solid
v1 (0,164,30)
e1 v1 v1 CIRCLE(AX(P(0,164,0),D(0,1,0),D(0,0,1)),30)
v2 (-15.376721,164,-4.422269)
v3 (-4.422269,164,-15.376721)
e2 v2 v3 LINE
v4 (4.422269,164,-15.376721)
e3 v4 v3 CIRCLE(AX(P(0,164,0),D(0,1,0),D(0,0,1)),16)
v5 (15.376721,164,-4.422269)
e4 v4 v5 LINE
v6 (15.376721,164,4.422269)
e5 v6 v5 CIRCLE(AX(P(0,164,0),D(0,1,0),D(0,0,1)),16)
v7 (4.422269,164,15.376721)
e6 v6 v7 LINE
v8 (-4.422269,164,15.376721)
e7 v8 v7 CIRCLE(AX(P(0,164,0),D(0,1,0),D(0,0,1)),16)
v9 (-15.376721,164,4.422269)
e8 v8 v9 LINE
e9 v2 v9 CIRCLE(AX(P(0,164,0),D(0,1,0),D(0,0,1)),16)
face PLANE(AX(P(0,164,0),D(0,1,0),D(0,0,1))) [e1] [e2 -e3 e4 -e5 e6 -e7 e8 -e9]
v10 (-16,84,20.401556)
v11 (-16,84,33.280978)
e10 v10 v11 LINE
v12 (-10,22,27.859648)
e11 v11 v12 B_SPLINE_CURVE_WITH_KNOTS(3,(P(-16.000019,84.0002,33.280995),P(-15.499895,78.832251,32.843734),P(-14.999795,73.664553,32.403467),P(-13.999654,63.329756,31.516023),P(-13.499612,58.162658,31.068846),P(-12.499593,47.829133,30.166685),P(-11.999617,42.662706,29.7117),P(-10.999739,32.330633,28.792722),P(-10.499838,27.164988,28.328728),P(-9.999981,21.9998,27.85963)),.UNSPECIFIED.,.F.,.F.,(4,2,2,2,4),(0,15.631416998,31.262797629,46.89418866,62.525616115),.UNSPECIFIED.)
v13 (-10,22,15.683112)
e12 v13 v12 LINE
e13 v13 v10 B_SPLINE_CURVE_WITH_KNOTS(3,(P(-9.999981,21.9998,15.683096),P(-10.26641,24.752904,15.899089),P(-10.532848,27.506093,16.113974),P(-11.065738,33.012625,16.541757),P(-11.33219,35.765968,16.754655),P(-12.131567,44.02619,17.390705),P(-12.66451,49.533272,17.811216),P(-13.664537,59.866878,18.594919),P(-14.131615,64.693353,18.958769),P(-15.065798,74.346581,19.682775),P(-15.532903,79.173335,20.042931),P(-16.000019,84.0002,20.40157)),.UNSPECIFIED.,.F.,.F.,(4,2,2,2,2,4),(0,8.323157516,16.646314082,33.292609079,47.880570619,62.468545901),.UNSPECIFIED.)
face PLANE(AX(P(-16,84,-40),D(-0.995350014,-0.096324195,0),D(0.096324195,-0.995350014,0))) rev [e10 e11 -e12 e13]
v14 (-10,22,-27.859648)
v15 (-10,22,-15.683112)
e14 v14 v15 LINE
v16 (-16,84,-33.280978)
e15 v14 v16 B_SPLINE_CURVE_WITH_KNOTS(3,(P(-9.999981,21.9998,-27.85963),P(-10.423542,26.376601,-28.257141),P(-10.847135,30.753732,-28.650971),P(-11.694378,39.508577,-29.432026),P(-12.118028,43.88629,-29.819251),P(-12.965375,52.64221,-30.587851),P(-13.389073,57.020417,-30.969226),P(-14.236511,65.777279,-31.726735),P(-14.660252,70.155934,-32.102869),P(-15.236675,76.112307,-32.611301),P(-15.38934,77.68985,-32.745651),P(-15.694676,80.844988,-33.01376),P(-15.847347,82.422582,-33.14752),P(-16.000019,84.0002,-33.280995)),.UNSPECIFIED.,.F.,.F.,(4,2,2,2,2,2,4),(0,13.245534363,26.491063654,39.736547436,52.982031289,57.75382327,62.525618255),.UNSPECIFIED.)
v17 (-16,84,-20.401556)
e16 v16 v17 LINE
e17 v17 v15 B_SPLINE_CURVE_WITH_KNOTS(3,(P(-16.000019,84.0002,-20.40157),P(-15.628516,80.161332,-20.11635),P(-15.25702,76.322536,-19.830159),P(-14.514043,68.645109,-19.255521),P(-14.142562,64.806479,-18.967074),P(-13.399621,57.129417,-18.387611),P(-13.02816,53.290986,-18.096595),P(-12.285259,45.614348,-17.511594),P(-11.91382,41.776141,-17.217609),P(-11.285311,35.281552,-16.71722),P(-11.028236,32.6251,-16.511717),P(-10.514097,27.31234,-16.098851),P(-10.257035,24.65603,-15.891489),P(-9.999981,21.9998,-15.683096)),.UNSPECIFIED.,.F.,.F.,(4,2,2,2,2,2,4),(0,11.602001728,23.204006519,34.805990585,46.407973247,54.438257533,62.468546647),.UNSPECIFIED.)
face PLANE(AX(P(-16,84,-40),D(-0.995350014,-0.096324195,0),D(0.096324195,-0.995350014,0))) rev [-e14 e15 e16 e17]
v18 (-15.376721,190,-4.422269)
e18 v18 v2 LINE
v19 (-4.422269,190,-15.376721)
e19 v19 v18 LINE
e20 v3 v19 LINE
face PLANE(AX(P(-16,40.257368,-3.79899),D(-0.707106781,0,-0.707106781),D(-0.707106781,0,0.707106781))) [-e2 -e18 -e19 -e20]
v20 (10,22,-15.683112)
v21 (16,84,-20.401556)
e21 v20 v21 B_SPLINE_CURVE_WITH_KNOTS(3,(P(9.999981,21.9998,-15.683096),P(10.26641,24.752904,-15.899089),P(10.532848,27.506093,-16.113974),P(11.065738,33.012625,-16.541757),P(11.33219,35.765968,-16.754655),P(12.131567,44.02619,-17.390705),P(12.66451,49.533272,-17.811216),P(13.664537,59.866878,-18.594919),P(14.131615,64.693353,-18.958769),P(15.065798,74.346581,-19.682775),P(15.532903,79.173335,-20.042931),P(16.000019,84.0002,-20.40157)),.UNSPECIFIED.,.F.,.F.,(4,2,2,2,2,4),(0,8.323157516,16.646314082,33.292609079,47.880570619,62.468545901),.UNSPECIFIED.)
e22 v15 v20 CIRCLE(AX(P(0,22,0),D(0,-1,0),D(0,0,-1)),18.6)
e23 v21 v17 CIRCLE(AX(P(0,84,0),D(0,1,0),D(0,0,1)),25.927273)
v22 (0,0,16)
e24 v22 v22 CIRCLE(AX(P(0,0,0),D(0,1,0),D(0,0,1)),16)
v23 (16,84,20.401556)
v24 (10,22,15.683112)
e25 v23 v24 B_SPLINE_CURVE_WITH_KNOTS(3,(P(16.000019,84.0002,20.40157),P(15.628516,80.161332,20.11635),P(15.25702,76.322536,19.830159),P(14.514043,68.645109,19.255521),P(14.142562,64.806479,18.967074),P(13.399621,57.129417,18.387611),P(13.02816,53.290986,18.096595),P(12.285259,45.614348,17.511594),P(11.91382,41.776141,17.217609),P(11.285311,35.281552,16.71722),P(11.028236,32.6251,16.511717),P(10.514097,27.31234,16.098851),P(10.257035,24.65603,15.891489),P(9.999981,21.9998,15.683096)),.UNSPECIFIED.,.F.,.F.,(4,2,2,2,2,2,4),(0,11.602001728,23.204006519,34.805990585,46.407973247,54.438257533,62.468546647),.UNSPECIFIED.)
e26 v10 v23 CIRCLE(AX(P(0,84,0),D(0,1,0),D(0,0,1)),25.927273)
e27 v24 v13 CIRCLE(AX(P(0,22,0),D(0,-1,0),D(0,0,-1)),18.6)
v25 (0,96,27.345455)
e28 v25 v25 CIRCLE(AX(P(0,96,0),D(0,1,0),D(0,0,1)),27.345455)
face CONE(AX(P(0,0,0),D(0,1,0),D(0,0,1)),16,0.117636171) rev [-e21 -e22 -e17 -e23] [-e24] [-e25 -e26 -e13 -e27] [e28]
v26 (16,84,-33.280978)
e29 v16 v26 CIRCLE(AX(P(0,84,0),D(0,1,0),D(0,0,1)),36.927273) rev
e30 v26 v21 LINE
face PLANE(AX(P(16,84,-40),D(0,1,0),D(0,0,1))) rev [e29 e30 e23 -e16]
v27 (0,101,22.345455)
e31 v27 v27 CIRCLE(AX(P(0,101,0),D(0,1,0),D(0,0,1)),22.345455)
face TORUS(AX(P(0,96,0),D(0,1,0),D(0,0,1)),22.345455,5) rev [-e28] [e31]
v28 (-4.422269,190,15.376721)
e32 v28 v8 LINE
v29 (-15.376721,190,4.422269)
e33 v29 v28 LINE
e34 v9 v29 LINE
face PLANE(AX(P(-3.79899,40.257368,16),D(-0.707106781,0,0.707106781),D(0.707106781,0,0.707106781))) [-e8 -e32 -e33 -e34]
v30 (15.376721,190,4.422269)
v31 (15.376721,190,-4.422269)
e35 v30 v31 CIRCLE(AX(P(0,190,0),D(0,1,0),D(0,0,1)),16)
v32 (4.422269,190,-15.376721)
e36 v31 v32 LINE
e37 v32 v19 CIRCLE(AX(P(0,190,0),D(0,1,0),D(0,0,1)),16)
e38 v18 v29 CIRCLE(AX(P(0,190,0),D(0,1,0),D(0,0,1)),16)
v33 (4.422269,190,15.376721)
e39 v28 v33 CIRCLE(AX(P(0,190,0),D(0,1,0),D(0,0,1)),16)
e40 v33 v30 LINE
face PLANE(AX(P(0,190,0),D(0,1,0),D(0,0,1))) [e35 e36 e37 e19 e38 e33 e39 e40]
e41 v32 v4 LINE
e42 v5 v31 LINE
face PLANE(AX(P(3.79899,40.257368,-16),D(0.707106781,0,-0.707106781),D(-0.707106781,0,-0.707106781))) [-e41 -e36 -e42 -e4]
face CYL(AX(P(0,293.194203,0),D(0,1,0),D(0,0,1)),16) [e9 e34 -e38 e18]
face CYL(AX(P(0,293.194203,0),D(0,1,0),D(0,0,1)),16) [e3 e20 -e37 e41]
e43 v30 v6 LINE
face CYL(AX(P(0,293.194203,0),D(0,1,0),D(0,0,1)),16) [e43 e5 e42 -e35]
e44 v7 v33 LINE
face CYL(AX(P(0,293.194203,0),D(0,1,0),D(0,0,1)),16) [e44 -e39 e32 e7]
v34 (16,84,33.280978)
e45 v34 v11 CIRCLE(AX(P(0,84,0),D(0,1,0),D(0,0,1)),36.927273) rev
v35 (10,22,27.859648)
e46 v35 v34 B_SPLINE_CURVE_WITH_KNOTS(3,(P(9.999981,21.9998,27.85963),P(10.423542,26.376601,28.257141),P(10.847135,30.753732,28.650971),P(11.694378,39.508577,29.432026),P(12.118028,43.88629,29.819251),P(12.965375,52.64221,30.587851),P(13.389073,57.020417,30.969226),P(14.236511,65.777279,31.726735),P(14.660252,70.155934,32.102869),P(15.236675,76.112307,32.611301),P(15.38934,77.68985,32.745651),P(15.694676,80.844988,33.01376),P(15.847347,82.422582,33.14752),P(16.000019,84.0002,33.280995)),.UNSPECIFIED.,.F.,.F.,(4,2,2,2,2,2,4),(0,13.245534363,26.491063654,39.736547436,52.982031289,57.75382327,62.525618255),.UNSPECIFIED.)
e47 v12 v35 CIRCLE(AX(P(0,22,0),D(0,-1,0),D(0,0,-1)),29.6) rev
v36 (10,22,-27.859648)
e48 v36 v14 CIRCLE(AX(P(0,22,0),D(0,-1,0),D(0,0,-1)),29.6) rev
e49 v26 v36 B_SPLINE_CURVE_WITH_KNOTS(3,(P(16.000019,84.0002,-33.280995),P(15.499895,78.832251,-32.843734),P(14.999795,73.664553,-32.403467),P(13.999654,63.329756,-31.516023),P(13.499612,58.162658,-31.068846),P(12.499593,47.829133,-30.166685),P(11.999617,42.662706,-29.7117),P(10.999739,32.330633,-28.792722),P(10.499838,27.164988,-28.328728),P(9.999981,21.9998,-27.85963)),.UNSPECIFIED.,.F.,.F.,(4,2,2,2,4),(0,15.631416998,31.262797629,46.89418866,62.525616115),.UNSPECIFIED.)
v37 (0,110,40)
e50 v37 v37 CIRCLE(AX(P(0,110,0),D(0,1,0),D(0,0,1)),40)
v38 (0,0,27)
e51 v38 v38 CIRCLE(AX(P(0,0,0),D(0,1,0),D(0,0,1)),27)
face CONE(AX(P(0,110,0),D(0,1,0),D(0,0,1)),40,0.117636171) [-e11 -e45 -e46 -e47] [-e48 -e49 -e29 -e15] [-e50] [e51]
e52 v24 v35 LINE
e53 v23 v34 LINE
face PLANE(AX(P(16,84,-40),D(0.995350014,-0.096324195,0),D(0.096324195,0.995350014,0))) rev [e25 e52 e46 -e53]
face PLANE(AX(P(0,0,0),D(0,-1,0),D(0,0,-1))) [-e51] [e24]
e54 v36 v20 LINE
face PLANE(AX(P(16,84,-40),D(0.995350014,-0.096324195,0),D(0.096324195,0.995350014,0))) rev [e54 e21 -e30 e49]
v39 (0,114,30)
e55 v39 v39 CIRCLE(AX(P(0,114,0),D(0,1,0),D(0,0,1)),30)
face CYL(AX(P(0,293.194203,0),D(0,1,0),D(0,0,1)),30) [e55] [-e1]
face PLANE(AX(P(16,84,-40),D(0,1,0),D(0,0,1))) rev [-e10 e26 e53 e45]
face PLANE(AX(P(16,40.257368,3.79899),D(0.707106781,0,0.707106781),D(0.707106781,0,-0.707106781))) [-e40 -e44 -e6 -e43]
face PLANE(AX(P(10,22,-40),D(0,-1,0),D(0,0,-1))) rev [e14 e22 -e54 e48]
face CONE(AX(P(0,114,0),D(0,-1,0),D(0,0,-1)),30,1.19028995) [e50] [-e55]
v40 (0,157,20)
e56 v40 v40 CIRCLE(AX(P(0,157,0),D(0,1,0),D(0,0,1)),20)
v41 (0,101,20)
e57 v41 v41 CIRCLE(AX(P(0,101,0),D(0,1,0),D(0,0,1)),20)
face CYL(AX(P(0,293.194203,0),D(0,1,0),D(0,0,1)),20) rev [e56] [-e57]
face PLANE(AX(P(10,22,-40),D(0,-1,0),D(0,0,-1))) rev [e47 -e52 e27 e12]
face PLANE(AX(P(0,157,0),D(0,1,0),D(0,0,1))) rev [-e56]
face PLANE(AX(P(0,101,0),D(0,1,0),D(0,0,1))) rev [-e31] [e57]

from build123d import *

# Parameters (mm, degrees)
CUT_EXTRUDE1_DEPTH      = 199.242276016
CUT_EXTRUDE1_DEPTH_BACK = 199.242276016
SKETCH4_OUTSIDE_W       = 126.226
SKETCH4_OUTSIDE_H       = 126.226
CUT_EXTRUDE2_DEPTH      = 26


with BuildPart() as part:
    # Sketch1 → Revolve1 (revolve)
    with BuildSketch(Plane.XY, mode=Mode.PRIVATE) as revolve1_sk:
        with BuildLine():
            ThreePointArc((27.345454545, 96), (25.880988451, 99.535533906), (22.345454545, 101))
            Line((22.345454545, 101), (20, 101))
            Line((20, 101), (20, 157))
            Line((20, 157), (0, 157))
            Line((0, 157), (0, 190))
            Line((0, 190), (16, 190))
            Line((16, 190), (16, 164))
            Line((16, 164), (30, 164))
            Line((30, 164), (30, 114))
            Line((30, 114), (40, 110))
            Line((40, 110), (27, 0))
            Line((27, 0), (16, 0))
            Line((16, 0), (27.345454545, 96))
        make_face()
    revolve(revolve1_sk.sketch.rotate(Axis((0, 293.194202694, 0), (0, -1, 0)), 90), axis=Axis((0, 293.194202694, 0), (0, -1, 0)))

    # Sketch3 → Cut-Extrude1 (cut, two sides: drawn at the far end of the back side and taken through both)
    with BuildSketch(Plane.XY.offset(-CUT_EXTRUDE1_DEPTH_BACK)):
        Polygon((16, 84), (-16, 84), (-10, 22), (10, 22), align=None)
    extrude(amount=CUT_EXTRUDE1_DEPTH + CUT_EXTRUDE1_DEPTH_BACK, mode=Mode.SUBTRACT)

    # Sketch4 outside → Cut-Extrude2 (cut)
    with BuildSketch(Plane(origin=(0, 190, 0), x_dir=(1, 0, 0), z_dir=(0, 1, 0))):
        Rectangle(SKETCH4_OUTSIDE_W, SKETCH4_OUTSIDE_H)
        Polygon((3.798989873, 16), (16, 3.798989873), (16, -3.798989873), (3.798989873, -16), (-3.798989873, -16), (-16, -3.798989873), (-16, 3.798989873), (-3.798989873, 16), align=None, mode=Mode.SUBTRACT)
    extrude(amount=-CUT_EXTRUDE2_DEPTH, mode=Mode.SUBTRACT)


solid = part.part
